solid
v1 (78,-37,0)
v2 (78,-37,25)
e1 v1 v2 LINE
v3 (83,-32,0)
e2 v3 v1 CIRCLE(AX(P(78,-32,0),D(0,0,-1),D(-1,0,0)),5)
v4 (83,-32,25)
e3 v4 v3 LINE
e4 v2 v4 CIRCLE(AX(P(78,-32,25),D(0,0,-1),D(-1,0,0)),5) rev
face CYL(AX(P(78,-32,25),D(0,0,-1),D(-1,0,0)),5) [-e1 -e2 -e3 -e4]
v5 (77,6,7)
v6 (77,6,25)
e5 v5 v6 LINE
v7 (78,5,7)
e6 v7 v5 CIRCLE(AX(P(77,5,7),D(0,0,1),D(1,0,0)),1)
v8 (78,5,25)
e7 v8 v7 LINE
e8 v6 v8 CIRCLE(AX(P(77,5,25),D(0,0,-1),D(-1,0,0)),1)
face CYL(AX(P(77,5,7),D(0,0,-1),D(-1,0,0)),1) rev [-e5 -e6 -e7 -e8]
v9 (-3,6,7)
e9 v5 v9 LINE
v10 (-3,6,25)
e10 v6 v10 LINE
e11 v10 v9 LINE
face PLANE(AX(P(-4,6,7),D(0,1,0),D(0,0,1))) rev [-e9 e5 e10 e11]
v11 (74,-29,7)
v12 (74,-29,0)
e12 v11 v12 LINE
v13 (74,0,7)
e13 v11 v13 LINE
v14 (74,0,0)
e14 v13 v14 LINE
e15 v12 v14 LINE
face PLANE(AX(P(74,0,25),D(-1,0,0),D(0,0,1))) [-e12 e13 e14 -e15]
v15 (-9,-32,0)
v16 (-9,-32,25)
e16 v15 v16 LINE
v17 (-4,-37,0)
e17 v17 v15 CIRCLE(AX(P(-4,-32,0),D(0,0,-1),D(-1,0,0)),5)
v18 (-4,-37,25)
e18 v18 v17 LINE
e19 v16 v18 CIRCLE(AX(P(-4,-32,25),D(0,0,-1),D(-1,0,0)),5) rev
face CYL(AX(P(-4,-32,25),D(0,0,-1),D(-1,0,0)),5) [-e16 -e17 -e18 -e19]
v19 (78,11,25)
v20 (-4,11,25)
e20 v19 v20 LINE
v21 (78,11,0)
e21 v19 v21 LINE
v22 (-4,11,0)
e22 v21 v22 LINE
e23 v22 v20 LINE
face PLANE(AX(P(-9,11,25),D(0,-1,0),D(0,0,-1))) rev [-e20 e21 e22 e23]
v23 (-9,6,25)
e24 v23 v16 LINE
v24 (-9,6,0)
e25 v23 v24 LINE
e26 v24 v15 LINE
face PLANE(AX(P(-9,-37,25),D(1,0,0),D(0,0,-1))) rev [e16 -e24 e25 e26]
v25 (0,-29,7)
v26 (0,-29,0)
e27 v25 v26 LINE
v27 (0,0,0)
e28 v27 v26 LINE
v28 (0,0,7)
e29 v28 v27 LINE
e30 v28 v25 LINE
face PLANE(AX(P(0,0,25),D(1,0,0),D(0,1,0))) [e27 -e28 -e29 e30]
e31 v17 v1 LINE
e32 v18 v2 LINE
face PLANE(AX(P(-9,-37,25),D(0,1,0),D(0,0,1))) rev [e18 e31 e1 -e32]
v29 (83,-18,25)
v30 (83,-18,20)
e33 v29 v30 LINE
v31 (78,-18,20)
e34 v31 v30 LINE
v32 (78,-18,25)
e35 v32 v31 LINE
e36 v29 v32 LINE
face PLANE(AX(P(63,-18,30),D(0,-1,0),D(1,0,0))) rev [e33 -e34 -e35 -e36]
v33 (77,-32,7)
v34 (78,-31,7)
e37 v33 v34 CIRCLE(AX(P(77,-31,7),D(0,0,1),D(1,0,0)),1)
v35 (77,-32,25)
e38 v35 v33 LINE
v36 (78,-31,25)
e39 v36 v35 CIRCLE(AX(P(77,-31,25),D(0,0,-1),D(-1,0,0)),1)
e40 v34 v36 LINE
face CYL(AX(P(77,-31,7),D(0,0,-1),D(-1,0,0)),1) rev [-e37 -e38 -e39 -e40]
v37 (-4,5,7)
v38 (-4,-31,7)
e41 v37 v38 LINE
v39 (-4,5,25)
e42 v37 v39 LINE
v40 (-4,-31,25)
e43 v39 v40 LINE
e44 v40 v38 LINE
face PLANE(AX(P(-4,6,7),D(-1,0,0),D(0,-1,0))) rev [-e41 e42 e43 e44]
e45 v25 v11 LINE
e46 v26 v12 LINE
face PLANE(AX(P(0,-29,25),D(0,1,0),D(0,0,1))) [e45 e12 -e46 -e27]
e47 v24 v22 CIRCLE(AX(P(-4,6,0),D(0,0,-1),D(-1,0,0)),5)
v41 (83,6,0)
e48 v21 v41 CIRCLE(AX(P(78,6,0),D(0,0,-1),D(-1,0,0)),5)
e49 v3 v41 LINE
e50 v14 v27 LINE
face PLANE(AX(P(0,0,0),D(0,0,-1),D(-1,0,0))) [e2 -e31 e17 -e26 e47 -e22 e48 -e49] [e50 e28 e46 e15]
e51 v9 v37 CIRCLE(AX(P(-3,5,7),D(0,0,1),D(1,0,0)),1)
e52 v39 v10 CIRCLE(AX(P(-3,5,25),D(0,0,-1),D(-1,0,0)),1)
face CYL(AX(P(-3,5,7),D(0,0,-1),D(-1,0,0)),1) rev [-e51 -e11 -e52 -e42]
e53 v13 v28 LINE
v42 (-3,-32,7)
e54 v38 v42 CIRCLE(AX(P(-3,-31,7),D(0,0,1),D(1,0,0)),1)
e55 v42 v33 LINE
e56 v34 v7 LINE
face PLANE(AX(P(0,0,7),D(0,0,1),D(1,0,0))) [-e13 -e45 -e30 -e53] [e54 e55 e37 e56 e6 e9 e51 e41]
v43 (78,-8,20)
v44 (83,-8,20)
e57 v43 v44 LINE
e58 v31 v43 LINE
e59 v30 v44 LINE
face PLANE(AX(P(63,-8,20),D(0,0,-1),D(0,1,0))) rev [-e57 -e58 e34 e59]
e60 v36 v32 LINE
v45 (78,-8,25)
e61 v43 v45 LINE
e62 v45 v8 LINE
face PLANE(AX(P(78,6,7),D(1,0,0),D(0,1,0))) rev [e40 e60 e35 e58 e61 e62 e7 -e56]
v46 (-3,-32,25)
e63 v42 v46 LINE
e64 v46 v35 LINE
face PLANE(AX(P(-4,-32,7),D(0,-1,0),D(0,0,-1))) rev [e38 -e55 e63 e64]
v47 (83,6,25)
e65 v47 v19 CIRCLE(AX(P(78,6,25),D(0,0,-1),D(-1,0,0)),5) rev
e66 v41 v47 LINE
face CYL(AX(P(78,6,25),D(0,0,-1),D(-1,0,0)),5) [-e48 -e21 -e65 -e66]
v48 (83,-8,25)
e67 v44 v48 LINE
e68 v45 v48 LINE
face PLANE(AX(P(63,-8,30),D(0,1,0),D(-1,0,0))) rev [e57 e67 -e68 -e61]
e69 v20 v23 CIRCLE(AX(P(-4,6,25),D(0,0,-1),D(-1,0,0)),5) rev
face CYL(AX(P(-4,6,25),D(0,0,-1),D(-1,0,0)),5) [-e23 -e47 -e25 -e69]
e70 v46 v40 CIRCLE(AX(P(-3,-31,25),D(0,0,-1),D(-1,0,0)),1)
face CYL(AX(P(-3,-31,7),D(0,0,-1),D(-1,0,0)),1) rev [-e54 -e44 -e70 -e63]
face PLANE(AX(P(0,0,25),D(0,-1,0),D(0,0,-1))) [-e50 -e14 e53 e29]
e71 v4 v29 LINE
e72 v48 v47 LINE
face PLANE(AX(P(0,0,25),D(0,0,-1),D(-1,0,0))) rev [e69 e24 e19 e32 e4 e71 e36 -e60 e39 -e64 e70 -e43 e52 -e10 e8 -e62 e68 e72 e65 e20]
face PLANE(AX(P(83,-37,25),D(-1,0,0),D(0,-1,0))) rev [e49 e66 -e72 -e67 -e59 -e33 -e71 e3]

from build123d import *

# Parameters (mm, degrees)
CROQUIS7_W              = 92
CROQUIS7_H              = 48
CROQUIS7_W_2            = 74
CROQUIS7_H_2            = 29
SALIENTE_EXTRUIR5_DEPTH = 25
CROQUIS8_W              = 82
CROQUIS8_H              = 38
CORTAR_EXTRUIR3_DEPTH   = 18
REDONDEO1_R             = 5
REDONDEO2_R             = 1
CROQUIS10_W             = 10
CROQUIS10_H             = 10
CORTAR_EXTRUIR4_DEPTH   = 20


with BuildPart() as part:
    # Croquis7 → Saliente-Extruir5 (new body)
    with BuildSketch(Plane.XY):
        with Locations((37, -13)):
            Rectangle(CROQUIS7_W, CROQUIS7_H)
        with Locations((37, -14.5)):
            Rectangle(CROQUIS7_W_2, CROQUIS7_H_2, mode=Mode.SUBTRACT)
    extrude(amount=SALIENTE_EXTRUIR5_DEPTH)

    # Croquis8 → Cortar-Extruir3 (cut)
    with BuildSketch(Plane.XY.offset(25)):
        with Locations((37, -13)):
            Rectangle(CROQUIS8_W, CROQUIS8_H)
    extrude(amount=-CORTAR_EXTRUIR3_DEPTH, mode=Mode.SUBTRACT)

    # Redondeo1
    redondeo1_edges = [part.edges().sort_by_distance(p)[0] for p in [
        (-9, 11, 12.5),
        (83, 11, 12.5),
        (83, -37, 12.5),
        (-9, -37, 12.5),
    ]]
    fillet(redondeo1_edges, radius=REDONDEO1_R)

    # Redondeo2
    redondeo2_edges = [part.edges().sort_by_distance(p)[0] for p in [
        (-4, -32, 16),
        (-4, 6, 16),
        (78, 6, 16),
        (78, -32, 16),
    ]]
    fillet(redondeo2_edges, radius=REDONDEO2_R)

    # Croquis10 → Cortar-Extruir4 (cut)
    with BuildSketch(Plane(origin=(83, 0, 0), x_dir=(0, 0, -1), z_dir=(1, 0, 0))):
        with Locations((-25, -13)):
            Rectangle(CROQUIS10_W, CROQUIS10_H)
    extrude(amount=-CORTAR_EXTRUIR4_DEPTH, mode=Mode.SUBTRACT)


solid = part.part
